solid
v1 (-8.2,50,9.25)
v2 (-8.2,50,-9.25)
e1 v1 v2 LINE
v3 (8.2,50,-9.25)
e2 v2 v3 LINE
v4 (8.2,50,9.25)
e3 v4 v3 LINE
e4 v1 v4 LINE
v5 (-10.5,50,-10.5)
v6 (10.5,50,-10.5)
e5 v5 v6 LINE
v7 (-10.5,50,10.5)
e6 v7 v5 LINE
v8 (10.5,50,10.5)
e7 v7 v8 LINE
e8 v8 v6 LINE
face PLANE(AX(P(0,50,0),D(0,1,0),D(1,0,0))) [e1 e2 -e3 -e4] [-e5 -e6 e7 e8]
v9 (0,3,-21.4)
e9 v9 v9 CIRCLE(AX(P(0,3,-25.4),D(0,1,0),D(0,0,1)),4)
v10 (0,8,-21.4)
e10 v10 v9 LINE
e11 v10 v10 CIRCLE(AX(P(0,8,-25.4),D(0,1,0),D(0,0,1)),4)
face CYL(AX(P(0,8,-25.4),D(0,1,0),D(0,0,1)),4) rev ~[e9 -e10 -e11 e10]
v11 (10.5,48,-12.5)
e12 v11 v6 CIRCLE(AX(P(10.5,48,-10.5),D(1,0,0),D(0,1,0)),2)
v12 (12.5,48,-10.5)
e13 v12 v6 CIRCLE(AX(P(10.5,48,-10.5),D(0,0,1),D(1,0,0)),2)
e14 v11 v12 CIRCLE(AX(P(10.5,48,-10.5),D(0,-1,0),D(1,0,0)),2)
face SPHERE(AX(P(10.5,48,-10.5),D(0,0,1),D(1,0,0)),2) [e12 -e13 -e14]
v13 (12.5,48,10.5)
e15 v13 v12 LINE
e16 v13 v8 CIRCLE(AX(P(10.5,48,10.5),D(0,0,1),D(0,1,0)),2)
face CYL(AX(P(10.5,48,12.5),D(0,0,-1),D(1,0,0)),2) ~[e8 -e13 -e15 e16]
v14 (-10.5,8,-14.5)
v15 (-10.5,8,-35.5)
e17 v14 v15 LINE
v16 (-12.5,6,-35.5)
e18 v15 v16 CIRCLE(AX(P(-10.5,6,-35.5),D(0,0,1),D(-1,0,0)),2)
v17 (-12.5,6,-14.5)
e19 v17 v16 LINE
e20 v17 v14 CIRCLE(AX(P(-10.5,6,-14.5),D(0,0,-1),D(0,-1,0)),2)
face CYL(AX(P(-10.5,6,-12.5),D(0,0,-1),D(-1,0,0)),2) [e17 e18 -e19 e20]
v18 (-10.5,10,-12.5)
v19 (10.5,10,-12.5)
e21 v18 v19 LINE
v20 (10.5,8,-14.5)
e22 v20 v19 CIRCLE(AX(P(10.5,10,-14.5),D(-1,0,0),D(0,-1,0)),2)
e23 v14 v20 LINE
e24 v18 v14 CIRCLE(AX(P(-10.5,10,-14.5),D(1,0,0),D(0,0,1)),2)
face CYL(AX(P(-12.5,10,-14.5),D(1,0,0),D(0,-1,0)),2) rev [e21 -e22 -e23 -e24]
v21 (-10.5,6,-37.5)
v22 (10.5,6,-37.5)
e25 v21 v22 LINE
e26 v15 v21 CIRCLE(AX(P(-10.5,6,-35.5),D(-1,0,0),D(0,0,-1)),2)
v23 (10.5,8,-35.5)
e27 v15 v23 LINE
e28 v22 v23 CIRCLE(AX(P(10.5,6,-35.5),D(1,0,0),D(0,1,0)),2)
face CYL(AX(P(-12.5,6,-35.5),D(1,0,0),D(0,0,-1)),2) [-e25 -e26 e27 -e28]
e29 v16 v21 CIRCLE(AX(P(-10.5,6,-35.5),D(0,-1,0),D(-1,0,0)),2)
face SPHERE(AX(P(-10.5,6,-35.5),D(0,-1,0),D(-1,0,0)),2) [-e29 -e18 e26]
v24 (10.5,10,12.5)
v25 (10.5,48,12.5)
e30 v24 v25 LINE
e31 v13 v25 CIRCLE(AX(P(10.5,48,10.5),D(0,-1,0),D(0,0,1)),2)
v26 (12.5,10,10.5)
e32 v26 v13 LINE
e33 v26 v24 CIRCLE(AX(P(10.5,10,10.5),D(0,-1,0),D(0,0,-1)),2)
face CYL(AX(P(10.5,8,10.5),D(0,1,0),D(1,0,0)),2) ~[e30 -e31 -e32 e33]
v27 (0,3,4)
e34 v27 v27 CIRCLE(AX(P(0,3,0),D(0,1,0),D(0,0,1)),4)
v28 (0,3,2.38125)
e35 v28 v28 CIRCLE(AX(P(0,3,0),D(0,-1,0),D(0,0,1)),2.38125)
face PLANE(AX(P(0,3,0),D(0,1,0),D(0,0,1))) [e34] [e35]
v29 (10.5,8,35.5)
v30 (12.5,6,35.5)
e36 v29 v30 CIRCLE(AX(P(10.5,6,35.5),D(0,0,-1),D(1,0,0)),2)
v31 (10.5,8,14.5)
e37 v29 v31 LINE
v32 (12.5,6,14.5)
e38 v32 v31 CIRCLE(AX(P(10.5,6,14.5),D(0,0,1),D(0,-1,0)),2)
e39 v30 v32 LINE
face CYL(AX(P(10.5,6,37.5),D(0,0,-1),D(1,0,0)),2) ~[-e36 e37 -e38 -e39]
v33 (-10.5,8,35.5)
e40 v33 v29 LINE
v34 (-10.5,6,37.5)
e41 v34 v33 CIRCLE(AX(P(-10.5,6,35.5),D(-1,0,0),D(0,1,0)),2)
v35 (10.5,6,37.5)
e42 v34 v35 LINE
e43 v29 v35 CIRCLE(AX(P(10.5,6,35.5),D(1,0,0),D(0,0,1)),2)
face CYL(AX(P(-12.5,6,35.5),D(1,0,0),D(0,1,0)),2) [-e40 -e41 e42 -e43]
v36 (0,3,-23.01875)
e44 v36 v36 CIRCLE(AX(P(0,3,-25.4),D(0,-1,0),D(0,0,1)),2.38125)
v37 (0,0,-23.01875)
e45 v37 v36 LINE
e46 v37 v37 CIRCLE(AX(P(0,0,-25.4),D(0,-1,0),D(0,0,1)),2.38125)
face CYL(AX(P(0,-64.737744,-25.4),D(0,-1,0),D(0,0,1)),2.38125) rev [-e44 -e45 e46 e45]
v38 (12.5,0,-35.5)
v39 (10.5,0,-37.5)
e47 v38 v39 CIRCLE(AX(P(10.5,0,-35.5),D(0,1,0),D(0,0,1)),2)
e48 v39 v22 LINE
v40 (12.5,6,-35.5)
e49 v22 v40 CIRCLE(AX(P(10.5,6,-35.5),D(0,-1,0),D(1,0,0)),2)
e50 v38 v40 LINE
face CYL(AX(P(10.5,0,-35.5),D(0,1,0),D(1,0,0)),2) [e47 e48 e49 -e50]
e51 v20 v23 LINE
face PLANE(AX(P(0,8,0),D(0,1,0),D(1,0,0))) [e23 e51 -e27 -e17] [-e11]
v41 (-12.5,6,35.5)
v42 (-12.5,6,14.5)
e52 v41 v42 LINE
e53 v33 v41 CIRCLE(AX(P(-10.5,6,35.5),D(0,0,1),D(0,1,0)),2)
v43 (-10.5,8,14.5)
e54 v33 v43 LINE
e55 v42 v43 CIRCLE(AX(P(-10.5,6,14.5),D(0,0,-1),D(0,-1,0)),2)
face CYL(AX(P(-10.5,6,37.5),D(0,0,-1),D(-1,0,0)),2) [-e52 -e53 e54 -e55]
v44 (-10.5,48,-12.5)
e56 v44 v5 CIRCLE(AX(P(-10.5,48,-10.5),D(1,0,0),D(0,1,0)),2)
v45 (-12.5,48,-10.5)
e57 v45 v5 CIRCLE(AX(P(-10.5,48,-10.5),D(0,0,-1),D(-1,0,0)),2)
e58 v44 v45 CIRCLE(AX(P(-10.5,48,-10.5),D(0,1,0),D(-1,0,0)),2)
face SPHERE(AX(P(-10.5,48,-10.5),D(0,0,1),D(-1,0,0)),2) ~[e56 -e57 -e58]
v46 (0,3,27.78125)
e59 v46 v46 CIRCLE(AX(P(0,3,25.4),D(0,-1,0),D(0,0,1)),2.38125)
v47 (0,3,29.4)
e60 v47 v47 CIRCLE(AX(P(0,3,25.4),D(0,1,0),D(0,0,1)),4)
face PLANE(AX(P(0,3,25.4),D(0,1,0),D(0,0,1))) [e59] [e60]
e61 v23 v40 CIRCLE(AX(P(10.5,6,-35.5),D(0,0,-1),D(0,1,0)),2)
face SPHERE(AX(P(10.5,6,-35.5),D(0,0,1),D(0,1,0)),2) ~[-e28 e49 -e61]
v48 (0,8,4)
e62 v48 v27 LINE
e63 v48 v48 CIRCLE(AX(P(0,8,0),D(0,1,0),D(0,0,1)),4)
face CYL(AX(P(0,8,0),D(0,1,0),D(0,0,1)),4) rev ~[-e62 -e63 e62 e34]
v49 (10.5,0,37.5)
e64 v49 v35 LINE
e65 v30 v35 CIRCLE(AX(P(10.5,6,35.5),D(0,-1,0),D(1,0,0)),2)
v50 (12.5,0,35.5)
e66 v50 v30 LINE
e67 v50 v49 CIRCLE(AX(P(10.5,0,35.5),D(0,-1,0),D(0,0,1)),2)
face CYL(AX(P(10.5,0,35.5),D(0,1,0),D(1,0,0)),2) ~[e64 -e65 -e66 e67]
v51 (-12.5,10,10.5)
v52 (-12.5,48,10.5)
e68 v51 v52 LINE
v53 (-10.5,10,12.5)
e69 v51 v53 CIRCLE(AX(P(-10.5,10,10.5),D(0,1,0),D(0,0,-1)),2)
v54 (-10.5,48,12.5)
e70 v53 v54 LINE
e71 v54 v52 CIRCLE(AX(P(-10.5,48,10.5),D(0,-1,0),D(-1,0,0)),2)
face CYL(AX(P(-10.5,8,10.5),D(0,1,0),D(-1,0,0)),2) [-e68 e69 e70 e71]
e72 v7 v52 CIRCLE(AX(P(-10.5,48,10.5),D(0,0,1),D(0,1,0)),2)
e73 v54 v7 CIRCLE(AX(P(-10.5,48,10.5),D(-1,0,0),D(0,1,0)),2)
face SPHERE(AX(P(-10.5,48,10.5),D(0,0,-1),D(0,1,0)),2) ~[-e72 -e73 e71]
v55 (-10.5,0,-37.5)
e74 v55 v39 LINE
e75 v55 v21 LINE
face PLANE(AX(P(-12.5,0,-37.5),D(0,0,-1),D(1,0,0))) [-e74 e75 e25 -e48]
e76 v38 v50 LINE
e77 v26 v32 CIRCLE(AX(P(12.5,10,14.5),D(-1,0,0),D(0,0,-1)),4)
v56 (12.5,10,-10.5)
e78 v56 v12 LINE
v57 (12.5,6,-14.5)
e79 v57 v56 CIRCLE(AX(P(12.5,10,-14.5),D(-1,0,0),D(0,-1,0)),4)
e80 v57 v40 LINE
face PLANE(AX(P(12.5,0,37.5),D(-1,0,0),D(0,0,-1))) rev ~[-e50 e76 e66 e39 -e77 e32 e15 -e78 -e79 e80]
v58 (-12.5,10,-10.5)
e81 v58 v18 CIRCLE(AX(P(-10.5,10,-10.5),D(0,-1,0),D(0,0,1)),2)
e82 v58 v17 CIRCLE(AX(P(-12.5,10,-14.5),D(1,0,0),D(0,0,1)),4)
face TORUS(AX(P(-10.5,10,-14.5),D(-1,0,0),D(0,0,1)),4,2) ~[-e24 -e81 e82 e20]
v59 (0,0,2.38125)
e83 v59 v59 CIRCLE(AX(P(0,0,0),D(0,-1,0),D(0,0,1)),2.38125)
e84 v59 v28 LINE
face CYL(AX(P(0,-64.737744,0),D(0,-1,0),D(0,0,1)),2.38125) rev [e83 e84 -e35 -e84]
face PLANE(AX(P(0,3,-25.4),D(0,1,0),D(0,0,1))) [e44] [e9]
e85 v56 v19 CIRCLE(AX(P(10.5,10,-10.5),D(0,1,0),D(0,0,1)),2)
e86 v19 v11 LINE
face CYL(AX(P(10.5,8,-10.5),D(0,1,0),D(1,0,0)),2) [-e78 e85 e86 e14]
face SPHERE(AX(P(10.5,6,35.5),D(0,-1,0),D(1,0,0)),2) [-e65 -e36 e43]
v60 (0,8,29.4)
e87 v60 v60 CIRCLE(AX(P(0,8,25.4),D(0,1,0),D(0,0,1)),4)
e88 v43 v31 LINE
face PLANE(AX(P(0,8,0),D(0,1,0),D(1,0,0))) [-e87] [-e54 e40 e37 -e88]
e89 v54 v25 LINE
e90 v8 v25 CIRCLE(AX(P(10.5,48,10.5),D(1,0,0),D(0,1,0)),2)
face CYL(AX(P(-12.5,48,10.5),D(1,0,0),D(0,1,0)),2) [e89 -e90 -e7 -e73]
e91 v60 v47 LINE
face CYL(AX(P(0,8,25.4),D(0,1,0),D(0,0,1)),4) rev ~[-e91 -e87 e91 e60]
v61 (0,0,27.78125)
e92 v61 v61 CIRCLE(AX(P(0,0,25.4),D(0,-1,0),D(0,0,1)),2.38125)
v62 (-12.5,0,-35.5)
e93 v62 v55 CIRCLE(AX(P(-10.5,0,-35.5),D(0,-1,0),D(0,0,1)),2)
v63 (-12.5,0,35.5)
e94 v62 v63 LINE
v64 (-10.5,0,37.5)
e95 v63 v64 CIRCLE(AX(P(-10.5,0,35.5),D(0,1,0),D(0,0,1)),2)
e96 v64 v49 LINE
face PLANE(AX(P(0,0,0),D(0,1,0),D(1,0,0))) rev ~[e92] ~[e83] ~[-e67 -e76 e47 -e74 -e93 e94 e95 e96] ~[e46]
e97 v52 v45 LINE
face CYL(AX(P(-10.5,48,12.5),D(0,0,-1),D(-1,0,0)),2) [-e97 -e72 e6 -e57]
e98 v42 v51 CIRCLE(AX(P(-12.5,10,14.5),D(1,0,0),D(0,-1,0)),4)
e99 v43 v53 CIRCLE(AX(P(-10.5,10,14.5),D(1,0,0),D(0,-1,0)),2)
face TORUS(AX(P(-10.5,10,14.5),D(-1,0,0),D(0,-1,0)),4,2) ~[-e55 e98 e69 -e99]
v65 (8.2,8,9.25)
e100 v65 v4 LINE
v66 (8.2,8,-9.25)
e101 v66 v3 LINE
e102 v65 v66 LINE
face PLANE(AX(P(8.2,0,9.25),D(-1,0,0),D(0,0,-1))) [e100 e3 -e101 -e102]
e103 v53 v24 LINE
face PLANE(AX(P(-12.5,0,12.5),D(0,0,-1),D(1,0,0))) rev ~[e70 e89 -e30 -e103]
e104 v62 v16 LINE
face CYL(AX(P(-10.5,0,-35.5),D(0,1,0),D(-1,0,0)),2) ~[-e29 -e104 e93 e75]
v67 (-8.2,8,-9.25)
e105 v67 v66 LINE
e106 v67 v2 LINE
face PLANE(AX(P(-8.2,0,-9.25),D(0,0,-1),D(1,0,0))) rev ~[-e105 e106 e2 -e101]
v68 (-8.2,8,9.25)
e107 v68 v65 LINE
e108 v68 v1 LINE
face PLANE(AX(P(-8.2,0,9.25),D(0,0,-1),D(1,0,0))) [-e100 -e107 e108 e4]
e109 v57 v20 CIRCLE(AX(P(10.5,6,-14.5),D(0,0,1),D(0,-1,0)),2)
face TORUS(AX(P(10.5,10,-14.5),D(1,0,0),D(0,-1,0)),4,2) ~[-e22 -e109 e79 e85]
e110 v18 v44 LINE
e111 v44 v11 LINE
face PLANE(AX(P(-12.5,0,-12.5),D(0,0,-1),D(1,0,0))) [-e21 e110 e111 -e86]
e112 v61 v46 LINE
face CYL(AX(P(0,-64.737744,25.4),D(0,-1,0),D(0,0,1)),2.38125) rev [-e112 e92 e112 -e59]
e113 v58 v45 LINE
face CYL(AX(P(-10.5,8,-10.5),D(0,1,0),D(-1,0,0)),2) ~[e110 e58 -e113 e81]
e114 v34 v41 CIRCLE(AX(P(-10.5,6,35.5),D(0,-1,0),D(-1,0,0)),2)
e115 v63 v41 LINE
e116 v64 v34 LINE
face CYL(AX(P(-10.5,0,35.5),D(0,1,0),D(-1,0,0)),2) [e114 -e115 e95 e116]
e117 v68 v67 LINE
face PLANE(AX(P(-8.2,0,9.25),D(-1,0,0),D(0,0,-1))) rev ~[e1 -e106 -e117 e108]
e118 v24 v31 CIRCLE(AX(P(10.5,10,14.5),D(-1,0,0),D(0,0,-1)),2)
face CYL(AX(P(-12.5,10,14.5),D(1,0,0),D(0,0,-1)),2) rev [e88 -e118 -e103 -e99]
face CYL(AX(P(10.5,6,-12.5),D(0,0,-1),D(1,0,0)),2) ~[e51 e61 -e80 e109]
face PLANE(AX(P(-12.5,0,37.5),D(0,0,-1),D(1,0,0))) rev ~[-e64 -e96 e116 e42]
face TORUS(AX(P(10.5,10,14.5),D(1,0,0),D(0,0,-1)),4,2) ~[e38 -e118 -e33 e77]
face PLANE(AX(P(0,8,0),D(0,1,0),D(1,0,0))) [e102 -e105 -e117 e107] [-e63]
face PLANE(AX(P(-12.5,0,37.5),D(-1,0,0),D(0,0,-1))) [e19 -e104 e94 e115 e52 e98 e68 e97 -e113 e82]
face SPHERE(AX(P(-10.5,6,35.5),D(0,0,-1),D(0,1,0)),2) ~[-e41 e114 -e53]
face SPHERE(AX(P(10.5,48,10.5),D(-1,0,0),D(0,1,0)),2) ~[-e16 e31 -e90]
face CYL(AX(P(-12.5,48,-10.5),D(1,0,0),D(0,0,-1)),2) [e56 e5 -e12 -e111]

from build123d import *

# Parameters (mm, degrees)
SKETCH1_W               = 25
SKETCH1_H               = 25
SKETCH1_W_2             = 16.4
SKETCH1_H_2             = 18.5
BOSS_EXTRUDE1_DEPTH     = 50
SKETCH6_W               = 25
SKETCH6_H               = 75
BOSS_EXTRUDE3_DEPTH     = 8
FILLET2_R               = 2
SKETCH7_R               = 4
CUT_EXTRUDE1_DEPTH      = 5
CUT_EXTRUDE4_DEPTH      = 64.73774392
CUT_EXTRUDE4_DEPTH_BACK = 64.73774392
SKETCH8_R               = 2.38125


with BuildPart() as part:
    # Sketch1 → Boss-Extrude1 (new body)
    with BuildSketch(Plane(origin=(0, 0, 0), x_dir=(1, 0, 0), z_dir=(0, 1, 0))):
        Rectangle(SKETCH1_W, SKETCH1_H)
        Rectangle(SKETCH1_W_2, SKETCH1_H_2, mode=Mode.SUBTRACT)
    extrude(amount=BOSS_EXTRUDE1_DEPTH)

    # Sketch6 → Boss-Extrude3 (add)
    with BuildSketch(Plane(origin=(0, 0, 0), x_dir=(1, 0, 0), z_dir=(0, 1, 0))):
        Rectangle(SKETCH6_W, SKETCH6_H)
    extrude(amount=BOSS_EXTRUDE3_DEPTH)

    # Fillet2
    fillet2_edges = [part.edges().sort_by_distance(p)[0] for p in [
        (-12.5, 50, 0),
        (0, 50, 12.5),
        (12.5, 4, 37.5),
        (-12.5, 4, -37.5),
        (-12.5, 8, -25),
        (0, 8, -12.5),
        (12.5, 8, -25),
        (0, 8, -37.5),
        (12.5, 8, 25),
        (0, 8, 12.5),
        (-12.5, 8, 25),
        (0, 8, 37.5),
        (12.5, 4, -37.5),
        (-12.5, 4, 37.5),
        (12.5, 50, 0),
        (12.5, 29, 12.5),
        (-12.5, 29, 12.5),
        (-12.5, 29, -12.5),
        (12.5, 29, -12.5),
        (0, 50, -12.5),
    ]]
    fillet(fillet2_edges, radius=FILLET2_R)

    # Sketch7 → Cut-Extrude1 (cut)
    with BuildSketch(Plane(origin=(0, 8, 0), x_dir=(1, 0, 0), z_dir=(0, 1, 0))):
        with Locations(Location((0, 0, 0), (0, 0, 270))):
            Circle(SKETCH7_R)
        with Locations(Location((0, 25.4, 0), (0, 0, 270))):
            Circle(SKETCH7_R)
        with Locations(Location((0, -25.4, 0), (0, 0, 270))):
            Circle(SKETCH7_R)
    extrude(amount=-CUT_EXTRUDE1_DEPTH, mode=Mode.SUBTRACT)

    # Sketch8 → Cut-Extrude4 (cut, two sides: drawn at the far end of the back side and taken through both)
    with BuildSketch(Plane(origin=(0, 0, 0), x_dir=(1, 0, 0), z_dir=(0, 1, 0)).offset(-CUT_EXTRUDE4_DEPTH_BACK)):
        with Locations(Location((0, 0, 0), (0, 0, 270))):
            Circle(SKETCH8_R)
        with Locations(Location((0, 25.4, 0), (0, 0, 270))):
            Circle(SKETCH8_R)
        with Locations(Location((0, -25.4, 0), (0, 0, 270))):
            Circle(SKETCH8_R)
    extrude(amount=CUT_EXTRUDE4_DEPTH + CUT_EXTRUDE4_DEPTH_BACK, mode=Mode.SUBTRACT)


solid = part.part
